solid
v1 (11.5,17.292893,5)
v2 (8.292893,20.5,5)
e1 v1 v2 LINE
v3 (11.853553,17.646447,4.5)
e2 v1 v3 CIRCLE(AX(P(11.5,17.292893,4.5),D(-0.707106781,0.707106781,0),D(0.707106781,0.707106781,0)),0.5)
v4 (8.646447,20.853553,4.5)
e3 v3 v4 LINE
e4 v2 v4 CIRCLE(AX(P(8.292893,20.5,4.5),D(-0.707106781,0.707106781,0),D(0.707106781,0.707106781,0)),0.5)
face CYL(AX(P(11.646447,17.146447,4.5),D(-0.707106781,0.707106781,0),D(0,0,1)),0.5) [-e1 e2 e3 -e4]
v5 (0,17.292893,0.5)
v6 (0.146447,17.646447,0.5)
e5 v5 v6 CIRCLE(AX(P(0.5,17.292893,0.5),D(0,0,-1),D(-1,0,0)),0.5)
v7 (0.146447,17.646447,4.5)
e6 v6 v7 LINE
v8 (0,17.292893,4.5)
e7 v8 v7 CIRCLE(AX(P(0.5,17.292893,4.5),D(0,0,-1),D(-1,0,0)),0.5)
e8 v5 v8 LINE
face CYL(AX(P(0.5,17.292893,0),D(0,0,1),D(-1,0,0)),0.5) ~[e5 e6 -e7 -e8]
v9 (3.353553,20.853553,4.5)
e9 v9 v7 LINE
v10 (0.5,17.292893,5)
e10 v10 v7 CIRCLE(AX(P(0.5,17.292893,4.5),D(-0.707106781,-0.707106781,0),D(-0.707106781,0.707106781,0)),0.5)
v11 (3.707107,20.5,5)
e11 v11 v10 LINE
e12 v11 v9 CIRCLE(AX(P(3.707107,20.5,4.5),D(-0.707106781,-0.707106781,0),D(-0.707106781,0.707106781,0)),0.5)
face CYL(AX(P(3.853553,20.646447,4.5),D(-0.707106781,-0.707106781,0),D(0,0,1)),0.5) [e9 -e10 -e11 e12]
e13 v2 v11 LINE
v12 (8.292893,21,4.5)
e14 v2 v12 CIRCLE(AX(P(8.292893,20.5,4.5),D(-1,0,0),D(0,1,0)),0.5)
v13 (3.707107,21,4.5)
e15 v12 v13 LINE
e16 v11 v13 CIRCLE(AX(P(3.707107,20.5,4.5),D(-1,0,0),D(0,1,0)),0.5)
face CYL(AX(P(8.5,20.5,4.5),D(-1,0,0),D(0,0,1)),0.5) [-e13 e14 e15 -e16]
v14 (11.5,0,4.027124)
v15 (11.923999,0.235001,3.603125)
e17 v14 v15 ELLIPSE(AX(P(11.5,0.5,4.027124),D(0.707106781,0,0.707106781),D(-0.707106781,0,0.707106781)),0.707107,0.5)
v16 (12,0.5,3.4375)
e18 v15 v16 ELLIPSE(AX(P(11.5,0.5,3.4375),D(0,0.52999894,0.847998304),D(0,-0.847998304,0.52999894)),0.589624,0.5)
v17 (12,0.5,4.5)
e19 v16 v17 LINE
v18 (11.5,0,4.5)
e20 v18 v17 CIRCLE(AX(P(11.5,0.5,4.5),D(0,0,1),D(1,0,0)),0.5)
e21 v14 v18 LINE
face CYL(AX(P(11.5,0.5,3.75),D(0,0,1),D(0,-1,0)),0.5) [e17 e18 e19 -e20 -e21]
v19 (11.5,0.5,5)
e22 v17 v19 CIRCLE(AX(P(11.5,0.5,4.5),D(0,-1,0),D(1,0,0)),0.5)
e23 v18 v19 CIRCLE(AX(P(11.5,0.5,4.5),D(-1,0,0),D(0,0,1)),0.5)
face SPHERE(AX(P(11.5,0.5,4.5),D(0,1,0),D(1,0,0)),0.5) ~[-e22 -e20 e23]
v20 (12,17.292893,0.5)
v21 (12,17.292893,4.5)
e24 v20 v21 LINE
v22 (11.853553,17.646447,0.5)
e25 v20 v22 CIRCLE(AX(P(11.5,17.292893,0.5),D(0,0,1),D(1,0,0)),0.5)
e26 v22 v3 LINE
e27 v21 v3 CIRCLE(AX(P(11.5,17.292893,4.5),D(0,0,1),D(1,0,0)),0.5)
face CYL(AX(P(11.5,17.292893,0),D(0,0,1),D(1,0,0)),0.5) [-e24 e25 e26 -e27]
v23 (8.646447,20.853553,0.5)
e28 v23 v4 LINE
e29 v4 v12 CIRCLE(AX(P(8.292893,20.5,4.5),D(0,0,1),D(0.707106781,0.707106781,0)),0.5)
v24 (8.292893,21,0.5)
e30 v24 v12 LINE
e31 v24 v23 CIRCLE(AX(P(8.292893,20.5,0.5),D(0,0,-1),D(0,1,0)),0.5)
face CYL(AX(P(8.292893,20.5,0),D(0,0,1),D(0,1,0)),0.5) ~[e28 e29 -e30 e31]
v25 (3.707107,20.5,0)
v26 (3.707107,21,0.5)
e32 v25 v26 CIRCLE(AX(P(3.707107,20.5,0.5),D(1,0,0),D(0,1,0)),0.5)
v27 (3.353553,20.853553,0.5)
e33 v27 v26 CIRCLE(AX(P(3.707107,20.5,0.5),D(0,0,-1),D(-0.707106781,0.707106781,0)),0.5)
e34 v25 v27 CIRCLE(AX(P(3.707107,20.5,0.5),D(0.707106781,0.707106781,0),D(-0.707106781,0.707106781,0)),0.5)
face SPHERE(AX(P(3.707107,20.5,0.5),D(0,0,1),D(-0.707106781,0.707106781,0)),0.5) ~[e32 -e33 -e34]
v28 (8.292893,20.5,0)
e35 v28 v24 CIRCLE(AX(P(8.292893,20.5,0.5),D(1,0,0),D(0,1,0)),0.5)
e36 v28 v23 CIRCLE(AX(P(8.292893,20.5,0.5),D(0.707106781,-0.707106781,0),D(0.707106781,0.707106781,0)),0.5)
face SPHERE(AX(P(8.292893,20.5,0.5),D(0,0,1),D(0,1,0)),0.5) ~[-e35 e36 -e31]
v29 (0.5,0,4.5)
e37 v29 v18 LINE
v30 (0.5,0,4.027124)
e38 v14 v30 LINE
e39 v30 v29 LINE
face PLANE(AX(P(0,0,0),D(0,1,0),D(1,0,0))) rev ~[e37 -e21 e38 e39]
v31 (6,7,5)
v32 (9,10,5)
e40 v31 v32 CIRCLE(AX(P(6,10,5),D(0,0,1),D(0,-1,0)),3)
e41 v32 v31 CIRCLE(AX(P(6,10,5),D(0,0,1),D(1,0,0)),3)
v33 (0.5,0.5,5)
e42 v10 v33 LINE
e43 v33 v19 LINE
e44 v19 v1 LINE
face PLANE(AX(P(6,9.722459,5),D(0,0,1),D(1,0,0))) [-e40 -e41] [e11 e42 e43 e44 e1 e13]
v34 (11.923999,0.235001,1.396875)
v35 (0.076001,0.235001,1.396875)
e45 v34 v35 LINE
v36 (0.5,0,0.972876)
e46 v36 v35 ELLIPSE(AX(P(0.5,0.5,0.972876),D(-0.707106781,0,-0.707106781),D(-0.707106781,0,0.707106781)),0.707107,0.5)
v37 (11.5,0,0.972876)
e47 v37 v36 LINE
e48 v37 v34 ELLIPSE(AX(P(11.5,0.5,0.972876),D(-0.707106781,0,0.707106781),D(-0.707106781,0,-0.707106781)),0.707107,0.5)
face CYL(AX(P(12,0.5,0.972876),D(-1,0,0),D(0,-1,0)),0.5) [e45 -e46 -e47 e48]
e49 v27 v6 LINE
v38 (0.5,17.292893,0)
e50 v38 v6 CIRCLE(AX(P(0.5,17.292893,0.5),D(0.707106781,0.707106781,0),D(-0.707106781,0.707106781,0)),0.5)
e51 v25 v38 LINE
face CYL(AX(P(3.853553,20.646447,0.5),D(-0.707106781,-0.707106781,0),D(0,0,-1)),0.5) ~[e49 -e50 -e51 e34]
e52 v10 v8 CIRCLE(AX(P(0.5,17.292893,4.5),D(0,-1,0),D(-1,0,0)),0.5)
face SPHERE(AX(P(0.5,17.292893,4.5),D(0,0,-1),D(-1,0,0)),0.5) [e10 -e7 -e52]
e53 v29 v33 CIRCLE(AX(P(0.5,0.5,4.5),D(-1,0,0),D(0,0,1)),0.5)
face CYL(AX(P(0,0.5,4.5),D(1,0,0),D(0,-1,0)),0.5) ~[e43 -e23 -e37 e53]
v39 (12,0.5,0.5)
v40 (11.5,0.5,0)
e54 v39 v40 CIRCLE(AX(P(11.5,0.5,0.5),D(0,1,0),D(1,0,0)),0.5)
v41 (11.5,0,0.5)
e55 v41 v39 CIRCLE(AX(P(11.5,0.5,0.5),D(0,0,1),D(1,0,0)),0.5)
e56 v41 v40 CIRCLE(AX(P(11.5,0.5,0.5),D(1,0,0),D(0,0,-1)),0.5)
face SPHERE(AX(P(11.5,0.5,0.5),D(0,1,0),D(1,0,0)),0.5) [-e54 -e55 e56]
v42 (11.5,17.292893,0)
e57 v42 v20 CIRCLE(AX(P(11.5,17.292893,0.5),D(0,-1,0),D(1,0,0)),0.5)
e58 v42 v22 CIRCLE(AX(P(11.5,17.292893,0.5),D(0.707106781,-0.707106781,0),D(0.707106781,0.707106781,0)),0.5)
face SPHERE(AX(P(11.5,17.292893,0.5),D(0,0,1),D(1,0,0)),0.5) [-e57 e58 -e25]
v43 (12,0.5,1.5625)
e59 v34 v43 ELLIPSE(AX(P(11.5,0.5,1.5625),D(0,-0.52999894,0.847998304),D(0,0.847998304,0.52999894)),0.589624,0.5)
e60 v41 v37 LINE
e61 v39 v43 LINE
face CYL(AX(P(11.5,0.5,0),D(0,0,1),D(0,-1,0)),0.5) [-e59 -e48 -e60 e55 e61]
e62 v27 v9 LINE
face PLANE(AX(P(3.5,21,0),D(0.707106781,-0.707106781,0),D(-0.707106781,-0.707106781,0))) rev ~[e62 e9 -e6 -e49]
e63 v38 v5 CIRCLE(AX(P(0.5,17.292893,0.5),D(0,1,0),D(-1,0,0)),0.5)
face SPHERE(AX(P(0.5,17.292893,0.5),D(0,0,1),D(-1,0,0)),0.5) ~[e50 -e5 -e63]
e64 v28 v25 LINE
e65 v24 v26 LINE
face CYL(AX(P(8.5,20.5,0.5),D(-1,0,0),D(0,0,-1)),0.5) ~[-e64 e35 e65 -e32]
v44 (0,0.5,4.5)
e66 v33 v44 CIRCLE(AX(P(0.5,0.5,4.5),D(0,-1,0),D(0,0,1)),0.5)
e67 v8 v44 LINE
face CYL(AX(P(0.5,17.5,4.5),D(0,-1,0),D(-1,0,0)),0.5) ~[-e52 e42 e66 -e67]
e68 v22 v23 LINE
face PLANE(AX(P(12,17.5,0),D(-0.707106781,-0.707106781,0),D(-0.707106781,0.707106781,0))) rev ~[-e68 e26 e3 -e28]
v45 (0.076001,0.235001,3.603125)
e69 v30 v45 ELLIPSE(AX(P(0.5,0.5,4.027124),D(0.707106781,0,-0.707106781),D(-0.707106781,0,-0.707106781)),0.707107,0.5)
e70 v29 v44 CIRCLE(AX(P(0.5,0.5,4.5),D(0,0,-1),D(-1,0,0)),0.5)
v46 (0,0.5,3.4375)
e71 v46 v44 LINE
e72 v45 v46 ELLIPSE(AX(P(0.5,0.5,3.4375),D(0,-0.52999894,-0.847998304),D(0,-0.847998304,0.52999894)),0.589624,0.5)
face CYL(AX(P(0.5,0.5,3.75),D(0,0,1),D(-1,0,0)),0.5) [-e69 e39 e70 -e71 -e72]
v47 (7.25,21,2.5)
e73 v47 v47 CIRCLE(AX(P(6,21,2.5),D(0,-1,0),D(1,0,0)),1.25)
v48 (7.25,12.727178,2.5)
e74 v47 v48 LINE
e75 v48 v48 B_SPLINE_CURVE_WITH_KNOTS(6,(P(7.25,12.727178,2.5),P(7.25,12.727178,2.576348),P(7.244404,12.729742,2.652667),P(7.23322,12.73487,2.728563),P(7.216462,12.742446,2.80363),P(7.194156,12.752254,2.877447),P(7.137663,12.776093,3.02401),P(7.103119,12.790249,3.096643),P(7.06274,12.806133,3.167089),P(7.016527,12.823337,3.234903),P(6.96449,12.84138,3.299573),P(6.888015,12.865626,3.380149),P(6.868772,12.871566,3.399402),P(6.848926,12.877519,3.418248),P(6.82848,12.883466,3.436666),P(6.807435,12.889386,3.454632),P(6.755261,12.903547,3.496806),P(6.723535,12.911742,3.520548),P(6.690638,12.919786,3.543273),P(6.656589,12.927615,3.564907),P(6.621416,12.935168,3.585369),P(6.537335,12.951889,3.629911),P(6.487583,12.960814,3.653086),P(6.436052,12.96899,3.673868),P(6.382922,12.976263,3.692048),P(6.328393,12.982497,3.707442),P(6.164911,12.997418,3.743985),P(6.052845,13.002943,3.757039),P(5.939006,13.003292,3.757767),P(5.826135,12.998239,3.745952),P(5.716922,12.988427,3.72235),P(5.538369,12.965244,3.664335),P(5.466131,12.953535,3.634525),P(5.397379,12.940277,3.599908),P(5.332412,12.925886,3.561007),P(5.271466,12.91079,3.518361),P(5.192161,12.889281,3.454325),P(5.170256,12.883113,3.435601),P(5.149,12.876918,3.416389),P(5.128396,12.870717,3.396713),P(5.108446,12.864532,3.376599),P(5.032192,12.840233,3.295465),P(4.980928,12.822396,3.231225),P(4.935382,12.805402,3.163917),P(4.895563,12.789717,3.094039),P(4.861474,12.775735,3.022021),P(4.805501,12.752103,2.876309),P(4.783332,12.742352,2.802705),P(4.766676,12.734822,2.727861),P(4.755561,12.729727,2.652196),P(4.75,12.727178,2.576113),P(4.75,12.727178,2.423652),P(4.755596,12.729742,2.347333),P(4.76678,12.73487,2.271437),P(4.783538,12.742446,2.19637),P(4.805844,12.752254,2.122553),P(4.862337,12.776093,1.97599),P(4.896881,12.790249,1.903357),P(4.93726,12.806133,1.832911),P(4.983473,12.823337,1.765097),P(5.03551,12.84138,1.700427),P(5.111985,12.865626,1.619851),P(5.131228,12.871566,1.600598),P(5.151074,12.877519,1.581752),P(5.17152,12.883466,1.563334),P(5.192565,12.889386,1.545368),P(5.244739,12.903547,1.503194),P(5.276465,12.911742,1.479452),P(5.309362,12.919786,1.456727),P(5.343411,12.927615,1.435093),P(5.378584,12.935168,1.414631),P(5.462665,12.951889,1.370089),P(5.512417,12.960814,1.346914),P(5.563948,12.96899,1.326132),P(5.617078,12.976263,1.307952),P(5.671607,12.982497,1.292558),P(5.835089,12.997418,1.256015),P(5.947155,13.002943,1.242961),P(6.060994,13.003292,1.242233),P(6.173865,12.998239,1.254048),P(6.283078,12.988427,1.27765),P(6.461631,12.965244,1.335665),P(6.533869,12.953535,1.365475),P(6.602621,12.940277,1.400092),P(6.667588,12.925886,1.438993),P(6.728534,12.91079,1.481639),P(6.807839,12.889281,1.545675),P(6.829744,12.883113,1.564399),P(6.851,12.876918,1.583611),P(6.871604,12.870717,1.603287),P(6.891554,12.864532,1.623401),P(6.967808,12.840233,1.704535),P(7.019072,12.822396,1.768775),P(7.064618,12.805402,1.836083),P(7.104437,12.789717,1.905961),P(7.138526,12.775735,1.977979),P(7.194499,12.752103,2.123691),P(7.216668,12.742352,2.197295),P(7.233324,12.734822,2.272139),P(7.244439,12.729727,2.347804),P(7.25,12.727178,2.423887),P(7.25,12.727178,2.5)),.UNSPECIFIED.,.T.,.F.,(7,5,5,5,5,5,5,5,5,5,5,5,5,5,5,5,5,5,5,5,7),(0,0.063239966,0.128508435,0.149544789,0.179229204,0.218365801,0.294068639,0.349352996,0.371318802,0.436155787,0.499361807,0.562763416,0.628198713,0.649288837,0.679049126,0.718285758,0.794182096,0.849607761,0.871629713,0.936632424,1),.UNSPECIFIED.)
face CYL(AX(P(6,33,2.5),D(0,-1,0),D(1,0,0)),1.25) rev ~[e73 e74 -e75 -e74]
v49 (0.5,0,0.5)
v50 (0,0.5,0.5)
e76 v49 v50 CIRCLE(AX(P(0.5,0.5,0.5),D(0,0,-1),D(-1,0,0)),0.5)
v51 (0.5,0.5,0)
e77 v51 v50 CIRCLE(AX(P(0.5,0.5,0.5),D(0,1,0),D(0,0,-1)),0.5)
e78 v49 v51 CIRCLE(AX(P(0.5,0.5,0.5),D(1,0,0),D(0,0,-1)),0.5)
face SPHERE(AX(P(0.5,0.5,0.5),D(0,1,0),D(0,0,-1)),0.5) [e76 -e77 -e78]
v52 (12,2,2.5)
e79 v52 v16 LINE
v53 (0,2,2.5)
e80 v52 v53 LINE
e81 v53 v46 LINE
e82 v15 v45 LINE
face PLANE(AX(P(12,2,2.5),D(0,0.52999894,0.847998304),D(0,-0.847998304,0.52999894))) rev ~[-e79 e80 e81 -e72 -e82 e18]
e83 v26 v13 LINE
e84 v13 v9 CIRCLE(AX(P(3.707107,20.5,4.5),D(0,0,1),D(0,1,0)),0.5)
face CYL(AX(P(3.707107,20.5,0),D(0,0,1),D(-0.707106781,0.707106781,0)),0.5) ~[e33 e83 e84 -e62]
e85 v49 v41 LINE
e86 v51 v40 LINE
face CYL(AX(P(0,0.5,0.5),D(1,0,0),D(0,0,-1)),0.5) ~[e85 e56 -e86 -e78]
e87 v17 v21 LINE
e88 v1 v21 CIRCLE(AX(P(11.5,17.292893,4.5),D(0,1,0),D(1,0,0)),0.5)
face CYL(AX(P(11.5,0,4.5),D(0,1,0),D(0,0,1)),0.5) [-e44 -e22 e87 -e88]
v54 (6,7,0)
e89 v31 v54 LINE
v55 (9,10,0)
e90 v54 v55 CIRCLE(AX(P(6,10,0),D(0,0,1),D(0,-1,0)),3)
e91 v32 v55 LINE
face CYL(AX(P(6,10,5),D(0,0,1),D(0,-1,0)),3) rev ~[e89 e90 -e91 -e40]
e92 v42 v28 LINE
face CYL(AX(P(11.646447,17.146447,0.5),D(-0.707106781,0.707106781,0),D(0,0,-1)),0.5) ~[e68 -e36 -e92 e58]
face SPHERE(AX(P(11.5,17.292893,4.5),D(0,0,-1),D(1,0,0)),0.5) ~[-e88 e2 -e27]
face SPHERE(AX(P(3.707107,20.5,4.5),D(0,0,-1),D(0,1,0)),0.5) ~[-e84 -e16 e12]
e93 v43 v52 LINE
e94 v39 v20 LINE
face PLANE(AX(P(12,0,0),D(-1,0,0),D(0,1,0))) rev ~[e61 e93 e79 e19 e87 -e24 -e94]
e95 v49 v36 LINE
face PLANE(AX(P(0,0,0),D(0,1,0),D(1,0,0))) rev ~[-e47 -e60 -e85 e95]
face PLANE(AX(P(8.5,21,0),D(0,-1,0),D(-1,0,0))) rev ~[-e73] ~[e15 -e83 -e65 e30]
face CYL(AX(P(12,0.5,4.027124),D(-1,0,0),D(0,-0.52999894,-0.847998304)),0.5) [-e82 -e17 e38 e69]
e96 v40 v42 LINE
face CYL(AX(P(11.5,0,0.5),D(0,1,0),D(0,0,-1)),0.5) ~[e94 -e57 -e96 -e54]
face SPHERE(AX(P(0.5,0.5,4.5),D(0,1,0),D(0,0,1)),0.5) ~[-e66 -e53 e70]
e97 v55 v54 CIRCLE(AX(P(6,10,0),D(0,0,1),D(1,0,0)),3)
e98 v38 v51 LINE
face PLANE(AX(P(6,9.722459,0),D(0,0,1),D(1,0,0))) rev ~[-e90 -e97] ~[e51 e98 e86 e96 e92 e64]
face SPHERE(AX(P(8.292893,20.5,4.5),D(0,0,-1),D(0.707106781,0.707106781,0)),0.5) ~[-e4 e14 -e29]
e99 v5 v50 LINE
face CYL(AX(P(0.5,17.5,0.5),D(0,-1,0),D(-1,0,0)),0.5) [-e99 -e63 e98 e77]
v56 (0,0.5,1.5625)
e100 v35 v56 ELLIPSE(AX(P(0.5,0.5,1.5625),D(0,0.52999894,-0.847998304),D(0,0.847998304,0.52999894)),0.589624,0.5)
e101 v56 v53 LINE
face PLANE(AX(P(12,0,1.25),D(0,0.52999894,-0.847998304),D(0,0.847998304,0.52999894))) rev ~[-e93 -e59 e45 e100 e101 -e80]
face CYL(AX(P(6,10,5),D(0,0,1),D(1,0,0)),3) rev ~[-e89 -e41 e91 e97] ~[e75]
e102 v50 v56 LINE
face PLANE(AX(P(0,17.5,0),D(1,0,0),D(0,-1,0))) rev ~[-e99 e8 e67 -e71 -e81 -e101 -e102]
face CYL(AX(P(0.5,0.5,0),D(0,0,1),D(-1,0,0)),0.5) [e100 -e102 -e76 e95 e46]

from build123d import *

# Parameters (mm, degrees)
F1_DEPTH = 5
F3_DEPTH = 12.001
F5_DEPTH = 5.001
F7_D     = 2.5
F7_DEPTH = 12
F7_TIP   = 0.7510757738
F8_R     = 0.5


with BuildPart() as f1:
    # F0 (on Top) → F1 (new body)
    with BuildSketch(Plane.XY):
        Polygon((0, 17.5), (0, 0), (12, 0), (12, 17.5), (8.5, 21), (3.5, 21), align=None)
    extrude(amount=F1_DEPTH)

    # F2 (on face) → F3 (cut, through all)
    with BuildSketch(Plane.YZ.offset(12)):
        Polygon((0, 3.75), (0, 2.5), (0, 1.25), (2, 2.5), align=None)
    extrude(amount=-F3_DEPTH, mode=Mode.SUBTRACT)

    # F4 (on face) → F5 (cut, through all)
    with BuildSketch(Plane.XY.offset(5)):
        with BuildLine():
            ThreePointArc((9, 10), (3.8786796564, 12.1213203436), (6, 7))
            ThreePointArc((6, 7), (8.1213203436, 7.8786796564), (9, 10))
        make_face()
    extrude(amount=-F5_DEPTH, mode=Mode.SUBTRACT)

    # F7
    with Locations(Plane(origin=(0, 21, 0), x_dir=(-1, 0, 0), z_dir=(0, 1, 0))):
        with Locations((-6, 2.5)):
            Hole(F7_D / 2, depth=F7_DEPTH)
            with Locations((0, 0, -(F7_DEPTH + F7_TIP / 2))):  # 118° drill point
                Cone(0, F7_D / 2, F7_TIP, mode=Mode.SUBTRACT)

    # F8
    f8_edges = [f1.edges().sort_by_distance(p)[0] for p in [
        (1.75, 19.25, 5),
        (3.5, 21, 2.5),
        (1.75, 19.25, 0),
        (6, 21, 5),
        (8.5, 21, 2.5),
        (6, 21, 0),
        (10.25, 19.25, 0),
        (10.25, 19.25, 5),
        (12, 17.5, 2.5),
        (0, 17.5, 2.5),
        (0, 8.75, 5),
        (0, 8.75, 0),
        (12, 8.75, 5),
        (12, 8.75, 0),
        (12, 0, 0.625),
        (6, 0, 1.25),
        (6, 0, 0),
        (12, 0, 4.375),
        (6, 0, 3.75),
        (6, 0, 5),
        (0, 0, 4.375),
        (0, 0, 0.625),
    ]]
    fillet(f8_edges, radius=F8_R)


solid = f1.part
